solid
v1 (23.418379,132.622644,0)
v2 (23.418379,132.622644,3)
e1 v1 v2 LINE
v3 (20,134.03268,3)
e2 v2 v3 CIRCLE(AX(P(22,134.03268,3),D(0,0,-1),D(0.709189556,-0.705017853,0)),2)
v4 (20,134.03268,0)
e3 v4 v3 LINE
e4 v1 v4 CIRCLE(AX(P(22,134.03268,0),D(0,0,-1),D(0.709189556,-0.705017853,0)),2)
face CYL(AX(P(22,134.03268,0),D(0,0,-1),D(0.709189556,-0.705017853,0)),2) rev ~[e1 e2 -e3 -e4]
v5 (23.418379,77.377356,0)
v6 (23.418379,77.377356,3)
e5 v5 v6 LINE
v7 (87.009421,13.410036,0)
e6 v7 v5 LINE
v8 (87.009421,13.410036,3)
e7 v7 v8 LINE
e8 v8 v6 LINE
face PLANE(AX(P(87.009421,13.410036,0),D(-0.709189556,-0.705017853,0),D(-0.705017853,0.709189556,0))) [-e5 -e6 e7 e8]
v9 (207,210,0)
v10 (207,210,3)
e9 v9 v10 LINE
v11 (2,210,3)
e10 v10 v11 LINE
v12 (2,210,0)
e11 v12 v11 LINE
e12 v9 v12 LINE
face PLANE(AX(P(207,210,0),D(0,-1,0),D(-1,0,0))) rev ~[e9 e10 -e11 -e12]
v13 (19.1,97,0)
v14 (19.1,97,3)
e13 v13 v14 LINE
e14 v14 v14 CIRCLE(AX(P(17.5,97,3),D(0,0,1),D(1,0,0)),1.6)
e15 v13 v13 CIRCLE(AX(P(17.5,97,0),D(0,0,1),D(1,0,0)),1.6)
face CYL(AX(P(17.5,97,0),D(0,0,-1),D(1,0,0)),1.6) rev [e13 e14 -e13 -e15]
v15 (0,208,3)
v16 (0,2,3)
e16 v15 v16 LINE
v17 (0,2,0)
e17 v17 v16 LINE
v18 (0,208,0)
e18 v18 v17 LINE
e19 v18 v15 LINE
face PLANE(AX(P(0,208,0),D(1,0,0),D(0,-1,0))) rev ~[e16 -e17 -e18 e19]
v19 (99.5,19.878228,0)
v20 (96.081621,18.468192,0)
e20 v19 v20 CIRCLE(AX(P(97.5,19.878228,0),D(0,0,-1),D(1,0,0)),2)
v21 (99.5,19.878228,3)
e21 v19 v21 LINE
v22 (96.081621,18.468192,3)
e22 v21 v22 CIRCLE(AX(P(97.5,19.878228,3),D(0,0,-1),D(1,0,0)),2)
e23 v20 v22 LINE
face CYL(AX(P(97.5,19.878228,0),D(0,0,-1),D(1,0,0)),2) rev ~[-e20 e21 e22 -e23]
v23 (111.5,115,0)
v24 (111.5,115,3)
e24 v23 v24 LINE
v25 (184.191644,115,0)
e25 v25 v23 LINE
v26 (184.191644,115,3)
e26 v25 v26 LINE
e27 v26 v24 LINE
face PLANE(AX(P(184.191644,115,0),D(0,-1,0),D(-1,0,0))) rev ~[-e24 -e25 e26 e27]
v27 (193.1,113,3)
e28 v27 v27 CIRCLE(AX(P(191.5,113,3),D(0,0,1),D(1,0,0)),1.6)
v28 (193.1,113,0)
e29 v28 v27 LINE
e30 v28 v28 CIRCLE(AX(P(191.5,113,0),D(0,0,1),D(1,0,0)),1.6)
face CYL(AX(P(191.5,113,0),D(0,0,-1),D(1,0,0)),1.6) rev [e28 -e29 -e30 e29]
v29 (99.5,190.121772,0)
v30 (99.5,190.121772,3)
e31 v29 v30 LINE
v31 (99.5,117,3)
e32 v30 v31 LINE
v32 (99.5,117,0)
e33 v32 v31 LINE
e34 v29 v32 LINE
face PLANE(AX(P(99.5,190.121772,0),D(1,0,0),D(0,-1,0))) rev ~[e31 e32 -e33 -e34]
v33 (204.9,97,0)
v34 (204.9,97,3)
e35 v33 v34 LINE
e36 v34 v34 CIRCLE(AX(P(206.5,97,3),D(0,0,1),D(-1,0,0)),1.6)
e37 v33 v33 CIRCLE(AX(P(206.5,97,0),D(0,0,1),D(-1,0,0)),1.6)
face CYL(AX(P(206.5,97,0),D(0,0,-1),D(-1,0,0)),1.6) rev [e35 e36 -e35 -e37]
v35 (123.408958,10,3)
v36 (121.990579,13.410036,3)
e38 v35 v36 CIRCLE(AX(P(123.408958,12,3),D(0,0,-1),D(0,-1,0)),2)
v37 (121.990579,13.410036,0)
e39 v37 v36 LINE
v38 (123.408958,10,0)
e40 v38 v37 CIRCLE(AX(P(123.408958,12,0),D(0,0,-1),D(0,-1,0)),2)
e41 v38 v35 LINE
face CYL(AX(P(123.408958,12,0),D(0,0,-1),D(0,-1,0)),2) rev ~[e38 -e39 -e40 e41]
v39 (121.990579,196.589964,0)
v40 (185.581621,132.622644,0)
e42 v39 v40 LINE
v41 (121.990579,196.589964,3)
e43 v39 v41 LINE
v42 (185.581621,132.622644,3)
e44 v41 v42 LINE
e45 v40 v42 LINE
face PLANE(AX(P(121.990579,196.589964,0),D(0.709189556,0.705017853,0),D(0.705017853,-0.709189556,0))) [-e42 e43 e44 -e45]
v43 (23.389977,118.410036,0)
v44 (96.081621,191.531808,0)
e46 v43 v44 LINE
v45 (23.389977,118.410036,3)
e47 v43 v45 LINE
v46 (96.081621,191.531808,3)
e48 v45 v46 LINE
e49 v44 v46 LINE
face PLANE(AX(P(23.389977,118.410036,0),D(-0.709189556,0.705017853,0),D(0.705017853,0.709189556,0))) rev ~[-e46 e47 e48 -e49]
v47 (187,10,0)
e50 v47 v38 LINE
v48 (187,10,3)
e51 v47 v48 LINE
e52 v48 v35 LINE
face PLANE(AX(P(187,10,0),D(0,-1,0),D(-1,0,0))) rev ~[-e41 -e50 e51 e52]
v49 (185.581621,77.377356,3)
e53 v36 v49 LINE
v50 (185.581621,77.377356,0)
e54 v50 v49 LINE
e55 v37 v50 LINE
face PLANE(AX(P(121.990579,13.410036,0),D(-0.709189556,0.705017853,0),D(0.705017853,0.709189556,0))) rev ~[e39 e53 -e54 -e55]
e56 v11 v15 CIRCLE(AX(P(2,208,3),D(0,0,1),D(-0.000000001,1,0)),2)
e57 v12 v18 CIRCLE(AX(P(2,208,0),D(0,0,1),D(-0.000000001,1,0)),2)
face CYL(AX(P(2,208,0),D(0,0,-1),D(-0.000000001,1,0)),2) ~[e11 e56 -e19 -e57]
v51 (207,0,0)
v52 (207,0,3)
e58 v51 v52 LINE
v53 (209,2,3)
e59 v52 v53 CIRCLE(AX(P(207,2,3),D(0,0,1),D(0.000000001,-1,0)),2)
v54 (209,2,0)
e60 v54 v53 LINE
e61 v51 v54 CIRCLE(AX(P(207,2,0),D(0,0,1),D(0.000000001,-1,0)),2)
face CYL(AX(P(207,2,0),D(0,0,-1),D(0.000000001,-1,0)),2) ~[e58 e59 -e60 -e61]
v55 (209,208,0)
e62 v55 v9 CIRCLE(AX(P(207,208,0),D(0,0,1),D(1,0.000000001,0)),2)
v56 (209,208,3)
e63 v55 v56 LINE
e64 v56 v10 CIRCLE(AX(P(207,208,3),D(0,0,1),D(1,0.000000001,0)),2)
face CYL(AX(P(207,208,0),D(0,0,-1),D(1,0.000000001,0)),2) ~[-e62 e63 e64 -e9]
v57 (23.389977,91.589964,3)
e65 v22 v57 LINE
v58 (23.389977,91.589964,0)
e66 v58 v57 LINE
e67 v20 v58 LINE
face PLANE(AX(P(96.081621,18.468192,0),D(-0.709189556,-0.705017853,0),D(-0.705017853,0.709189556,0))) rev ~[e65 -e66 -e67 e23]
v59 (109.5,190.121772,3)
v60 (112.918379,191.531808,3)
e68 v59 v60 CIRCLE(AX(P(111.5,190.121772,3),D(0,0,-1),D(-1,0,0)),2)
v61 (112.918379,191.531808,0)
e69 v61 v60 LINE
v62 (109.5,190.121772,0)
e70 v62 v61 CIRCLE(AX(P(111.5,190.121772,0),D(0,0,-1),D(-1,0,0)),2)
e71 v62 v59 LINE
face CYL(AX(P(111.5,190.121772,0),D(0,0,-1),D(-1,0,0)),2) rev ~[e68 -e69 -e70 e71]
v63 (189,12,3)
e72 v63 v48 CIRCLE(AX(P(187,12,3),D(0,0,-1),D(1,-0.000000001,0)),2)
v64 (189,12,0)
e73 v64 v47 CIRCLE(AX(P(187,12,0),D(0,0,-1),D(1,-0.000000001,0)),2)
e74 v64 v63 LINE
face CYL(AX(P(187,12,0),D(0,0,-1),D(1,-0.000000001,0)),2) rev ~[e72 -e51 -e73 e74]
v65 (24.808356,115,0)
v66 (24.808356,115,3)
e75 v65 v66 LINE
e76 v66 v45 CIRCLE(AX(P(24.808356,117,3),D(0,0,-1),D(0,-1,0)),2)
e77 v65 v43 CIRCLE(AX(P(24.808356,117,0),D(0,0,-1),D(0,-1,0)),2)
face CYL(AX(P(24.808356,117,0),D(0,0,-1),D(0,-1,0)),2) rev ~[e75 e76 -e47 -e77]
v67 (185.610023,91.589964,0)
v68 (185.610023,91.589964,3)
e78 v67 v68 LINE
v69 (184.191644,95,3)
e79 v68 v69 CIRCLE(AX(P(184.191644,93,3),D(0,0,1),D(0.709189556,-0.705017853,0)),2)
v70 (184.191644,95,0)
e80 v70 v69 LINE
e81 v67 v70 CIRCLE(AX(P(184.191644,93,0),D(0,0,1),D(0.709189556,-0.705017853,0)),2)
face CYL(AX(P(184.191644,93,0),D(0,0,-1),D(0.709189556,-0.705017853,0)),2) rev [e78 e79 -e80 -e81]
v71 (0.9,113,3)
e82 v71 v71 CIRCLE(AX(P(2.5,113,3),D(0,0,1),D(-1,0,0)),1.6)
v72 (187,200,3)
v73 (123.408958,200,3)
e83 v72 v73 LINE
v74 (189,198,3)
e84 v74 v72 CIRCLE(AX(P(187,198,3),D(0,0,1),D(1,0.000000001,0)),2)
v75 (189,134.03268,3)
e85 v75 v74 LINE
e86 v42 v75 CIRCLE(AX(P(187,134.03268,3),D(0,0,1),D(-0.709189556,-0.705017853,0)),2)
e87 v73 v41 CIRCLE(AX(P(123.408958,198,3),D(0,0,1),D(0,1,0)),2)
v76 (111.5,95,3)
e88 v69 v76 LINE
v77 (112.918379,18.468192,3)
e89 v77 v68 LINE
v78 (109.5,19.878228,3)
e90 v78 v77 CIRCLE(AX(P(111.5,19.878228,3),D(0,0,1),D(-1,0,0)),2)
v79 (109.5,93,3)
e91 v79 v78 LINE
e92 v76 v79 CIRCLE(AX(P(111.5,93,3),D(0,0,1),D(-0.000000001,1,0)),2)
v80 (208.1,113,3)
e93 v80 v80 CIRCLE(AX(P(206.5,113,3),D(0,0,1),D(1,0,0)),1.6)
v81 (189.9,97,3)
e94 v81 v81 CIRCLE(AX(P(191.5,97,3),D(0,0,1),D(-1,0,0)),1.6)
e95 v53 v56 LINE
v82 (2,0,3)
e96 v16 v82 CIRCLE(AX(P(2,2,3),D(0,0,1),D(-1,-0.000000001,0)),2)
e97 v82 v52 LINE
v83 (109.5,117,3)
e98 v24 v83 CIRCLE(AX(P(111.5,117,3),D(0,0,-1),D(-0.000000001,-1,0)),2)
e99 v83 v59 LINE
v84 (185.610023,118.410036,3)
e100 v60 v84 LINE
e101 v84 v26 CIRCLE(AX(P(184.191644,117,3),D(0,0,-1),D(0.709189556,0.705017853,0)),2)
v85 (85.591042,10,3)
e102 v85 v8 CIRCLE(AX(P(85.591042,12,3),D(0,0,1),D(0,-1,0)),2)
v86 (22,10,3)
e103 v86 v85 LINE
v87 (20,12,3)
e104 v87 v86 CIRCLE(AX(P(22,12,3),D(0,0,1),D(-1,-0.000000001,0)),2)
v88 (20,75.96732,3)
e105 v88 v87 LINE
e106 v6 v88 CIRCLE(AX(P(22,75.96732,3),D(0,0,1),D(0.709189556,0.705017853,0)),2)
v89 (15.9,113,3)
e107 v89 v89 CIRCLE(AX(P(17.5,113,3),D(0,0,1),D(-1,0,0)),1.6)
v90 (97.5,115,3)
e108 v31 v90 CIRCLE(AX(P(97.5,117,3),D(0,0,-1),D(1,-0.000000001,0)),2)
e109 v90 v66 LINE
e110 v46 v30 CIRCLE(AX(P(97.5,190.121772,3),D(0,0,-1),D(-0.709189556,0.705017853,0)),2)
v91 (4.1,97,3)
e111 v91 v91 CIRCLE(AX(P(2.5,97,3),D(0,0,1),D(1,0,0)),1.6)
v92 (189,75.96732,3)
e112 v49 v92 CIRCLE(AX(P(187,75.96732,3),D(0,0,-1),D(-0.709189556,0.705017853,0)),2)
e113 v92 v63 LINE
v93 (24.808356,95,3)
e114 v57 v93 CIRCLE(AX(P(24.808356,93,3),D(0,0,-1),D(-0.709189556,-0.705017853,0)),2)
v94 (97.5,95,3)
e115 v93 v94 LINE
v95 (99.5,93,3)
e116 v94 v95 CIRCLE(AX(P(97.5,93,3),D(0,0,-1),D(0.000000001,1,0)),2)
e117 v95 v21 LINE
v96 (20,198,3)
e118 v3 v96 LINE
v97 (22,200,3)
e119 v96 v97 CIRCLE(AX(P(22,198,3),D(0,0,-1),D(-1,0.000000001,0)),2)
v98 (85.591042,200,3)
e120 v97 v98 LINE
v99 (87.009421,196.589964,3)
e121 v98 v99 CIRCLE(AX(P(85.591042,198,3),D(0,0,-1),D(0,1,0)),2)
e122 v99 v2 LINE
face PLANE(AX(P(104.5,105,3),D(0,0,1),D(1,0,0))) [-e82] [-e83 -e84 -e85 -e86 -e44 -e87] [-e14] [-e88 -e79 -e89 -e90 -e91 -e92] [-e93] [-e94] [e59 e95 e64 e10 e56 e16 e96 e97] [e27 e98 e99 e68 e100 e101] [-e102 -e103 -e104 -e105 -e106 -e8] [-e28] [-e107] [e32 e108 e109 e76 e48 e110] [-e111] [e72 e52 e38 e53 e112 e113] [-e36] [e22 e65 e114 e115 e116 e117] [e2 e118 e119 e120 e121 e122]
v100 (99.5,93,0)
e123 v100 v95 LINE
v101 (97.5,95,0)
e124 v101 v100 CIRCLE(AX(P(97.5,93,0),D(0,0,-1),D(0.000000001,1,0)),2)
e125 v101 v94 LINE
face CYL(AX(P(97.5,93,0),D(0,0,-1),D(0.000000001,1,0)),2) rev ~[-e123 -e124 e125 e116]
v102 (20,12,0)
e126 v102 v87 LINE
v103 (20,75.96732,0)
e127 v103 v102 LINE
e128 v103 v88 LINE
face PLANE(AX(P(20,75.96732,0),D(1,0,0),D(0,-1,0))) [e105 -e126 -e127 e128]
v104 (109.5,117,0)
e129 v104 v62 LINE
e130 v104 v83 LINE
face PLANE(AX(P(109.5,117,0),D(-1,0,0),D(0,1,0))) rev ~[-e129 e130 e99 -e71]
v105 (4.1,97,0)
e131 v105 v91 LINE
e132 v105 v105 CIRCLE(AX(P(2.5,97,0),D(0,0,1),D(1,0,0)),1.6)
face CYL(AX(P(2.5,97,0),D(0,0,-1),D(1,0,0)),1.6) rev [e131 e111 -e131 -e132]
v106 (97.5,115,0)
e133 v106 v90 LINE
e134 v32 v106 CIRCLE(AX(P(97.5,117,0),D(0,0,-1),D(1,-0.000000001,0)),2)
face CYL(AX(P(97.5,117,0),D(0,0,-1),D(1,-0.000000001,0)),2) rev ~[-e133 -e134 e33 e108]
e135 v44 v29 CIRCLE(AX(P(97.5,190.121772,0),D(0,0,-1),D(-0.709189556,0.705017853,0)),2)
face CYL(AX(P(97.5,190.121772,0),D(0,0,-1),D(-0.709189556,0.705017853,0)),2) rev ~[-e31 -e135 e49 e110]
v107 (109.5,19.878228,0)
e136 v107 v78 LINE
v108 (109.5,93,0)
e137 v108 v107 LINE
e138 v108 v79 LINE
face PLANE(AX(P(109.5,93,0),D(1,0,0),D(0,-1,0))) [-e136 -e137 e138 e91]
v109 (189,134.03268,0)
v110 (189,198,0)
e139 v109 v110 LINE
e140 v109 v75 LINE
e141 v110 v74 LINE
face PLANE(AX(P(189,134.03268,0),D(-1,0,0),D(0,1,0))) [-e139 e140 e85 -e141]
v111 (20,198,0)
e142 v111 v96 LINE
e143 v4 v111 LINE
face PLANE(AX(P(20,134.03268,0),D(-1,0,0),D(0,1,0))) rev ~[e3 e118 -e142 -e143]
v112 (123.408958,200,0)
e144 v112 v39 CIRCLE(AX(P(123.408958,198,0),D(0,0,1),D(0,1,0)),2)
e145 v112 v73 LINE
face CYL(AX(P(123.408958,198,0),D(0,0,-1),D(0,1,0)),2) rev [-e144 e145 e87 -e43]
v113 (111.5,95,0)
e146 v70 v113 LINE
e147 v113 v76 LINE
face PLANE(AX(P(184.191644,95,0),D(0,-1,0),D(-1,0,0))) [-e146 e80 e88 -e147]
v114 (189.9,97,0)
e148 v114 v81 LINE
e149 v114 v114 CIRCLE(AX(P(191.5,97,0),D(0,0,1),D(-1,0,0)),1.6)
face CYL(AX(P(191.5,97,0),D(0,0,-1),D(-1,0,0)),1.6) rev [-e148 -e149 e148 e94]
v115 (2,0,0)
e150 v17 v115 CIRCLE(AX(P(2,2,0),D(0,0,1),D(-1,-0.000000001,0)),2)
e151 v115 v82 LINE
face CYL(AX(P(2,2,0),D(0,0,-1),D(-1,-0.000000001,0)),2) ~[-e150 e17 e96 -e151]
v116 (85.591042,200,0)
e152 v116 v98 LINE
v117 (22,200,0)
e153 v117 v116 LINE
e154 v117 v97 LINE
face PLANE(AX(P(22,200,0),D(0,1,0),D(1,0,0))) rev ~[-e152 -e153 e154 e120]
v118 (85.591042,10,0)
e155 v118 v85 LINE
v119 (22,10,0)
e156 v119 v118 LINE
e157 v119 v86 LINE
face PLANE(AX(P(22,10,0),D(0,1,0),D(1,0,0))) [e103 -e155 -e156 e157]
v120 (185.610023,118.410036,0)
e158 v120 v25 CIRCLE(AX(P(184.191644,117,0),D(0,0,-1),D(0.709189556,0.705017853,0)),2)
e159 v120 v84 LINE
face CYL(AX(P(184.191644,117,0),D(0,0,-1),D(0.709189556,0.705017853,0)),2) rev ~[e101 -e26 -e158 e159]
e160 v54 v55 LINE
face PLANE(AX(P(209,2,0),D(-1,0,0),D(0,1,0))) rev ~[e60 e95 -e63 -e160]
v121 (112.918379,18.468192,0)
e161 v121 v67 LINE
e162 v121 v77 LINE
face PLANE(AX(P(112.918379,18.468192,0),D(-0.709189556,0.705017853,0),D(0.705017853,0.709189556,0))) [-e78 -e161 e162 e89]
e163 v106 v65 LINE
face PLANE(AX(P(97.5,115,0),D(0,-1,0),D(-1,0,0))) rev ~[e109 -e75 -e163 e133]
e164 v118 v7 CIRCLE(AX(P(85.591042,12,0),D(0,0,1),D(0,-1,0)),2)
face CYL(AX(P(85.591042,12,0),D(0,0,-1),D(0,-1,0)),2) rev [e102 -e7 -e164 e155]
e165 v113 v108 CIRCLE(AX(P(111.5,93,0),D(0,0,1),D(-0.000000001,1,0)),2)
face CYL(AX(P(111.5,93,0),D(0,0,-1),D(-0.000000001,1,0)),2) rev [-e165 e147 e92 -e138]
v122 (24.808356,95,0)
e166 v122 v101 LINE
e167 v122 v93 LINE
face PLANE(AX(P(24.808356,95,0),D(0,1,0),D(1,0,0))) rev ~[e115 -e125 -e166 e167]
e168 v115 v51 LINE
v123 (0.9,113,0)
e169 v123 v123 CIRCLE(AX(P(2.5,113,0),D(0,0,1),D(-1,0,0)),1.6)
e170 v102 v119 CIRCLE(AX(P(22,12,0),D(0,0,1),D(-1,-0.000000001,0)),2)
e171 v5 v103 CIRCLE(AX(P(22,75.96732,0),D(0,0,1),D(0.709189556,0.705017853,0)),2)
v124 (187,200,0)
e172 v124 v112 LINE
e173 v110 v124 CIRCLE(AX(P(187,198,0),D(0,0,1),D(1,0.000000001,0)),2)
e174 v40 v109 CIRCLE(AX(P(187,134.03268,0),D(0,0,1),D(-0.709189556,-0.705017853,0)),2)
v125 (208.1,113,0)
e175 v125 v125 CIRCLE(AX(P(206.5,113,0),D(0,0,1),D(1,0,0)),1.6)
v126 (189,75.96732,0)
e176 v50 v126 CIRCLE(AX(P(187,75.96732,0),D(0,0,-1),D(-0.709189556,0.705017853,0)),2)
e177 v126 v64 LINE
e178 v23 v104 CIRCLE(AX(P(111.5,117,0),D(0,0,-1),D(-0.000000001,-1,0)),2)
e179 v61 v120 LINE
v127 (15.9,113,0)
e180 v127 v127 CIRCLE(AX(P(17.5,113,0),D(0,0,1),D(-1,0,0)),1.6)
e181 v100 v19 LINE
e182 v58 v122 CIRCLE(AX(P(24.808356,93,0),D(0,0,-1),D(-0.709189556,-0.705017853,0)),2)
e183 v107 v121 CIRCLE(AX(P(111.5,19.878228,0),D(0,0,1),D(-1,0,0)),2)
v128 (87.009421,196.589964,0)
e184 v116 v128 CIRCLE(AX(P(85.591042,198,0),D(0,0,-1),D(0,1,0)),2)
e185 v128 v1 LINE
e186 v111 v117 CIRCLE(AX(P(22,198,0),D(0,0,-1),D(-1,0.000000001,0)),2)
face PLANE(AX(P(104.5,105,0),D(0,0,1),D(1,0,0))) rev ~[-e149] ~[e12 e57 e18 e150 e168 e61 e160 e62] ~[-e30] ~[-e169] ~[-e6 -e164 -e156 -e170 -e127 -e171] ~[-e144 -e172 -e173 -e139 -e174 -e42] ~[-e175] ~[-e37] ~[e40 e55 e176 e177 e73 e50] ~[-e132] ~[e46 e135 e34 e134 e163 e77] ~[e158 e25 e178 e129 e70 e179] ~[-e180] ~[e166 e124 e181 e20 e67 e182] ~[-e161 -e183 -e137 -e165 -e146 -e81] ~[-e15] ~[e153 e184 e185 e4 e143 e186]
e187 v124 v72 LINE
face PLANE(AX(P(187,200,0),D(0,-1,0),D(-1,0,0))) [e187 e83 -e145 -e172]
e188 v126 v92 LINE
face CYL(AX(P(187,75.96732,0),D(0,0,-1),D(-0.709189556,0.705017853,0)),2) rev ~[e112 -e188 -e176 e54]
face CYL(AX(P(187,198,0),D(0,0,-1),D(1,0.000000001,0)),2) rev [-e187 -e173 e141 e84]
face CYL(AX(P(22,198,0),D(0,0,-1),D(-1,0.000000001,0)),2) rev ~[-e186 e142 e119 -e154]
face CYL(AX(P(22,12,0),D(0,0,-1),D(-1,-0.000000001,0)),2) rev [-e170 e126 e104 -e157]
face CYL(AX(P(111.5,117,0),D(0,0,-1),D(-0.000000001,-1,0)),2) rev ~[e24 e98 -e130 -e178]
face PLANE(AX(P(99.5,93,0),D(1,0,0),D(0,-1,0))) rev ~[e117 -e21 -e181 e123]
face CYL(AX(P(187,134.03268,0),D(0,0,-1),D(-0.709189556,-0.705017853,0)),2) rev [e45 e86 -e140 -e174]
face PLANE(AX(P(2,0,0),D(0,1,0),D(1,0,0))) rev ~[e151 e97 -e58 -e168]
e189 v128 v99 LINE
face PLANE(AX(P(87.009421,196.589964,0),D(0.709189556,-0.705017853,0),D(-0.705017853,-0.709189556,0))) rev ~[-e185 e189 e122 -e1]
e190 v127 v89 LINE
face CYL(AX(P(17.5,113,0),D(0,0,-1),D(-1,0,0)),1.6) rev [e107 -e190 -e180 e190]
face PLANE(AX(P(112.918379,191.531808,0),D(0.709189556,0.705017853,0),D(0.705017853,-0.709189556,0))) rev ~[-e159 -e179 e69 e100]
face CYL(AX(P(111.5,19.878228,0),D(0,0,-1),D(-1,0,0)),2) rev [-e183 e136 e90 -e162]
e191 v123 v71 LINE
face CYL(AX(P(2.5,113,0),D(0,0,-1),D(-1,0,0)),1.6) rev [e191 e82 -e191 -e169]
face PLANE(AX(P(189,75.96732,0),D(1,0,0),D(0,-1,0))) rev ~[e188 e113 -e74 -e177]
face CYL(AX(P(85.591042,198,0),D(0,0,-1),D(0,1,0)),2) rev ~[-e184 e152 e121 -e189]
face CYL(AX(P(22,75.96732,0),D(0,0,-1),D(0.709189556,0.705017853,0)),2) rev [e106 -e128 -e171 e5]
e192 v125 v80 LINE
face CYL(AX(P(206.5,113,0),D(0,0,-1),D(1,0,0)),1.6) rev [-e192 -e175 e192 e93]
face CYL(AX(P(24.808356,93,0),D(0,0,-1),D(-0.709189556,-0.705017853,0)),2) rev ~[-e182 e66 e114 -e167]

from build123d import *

# Parameters (mm, degrees)
SKETCH_1_R      = 1.6
EXTRUDE_1_DEPTH = 3


with BuildPart() as part:
    # 草图1 → 凸台-拉伸1 (new body)
    with BuildSketch(Plane.XY):
        with BuildLine():
            Line((2, 0), (207, 0))
            ThreePointArc((207, 0), (208.414213562, 0.585786438), (209, 2))
            Line((209, 2), (209, 208))
            ThreePointArc((209, 208), (208.414213562, 209.414213562), (207, 210))
            Line((207, 210), (2, 210))
            ThreePointArc((2, 210), (0.585786438, 209.414213562), (0, 208))
            Line((0, 208), (0, 2))
            ThreePointArc((0, 2), (0.585786438, 0.585786438), (2, 0))
        make_face()
        with Locations((2.5, 97)):
            Circle(SKETCH_1_R, mode=Mode.SUBTRACT)
        with Locations((17.5, 97)):
            Circle(SKETCH_1_R, mode=Mode.SUBTRACT)
        with Locations(Location((17.5, 113, 0), (0, 0, 180))):
            Circle(SKETCH_1_R, mode=Mode.SUBTRACT)
        with Locations(Location((2.5, 113, 0), (0, 0, 180))):
            Circle(SKETCH_1_R, mode=Mode.SUBTRACT)
        with Locations(Location((206.5, 97, 0), (0, 0, 180))):
            Circle(SKETCH_1_R, mode=Mode.SUBTRACT)
        with Locations(Location((191.5, 97, 0), (0, 0, 180))):
            Circle(SKETCH_1_R, mode=Mode.SUBTRACT)
        with Locations((191.5, 113)):
            Circle(SKETCH_1_R, mode=Mode.SUBTRACT)
        with Locations((206.5, 113)):
            Circle(SKETCH_1_R, mode=Mode.SUBTRACT)
        with BuildLine():
            Line((24.808355785, 95), (97.5, 95))
            ThreePointArc((97.5, 95), (98.914213562, 94.414213562), (99.5, 93))
            Line((99.5, 93), (99.5, 19.878227713))
            ThreePointArc((99.5, 19.878227713), (98.262640733, 18.029341802), (96.081620887, 18.468192007))
            Line((96.081620887, 18.468192007), (23.389976673, 91.589964294))
            ThreePointArc((23.389976673, 91.589964294), (22.961727586, 93.768091332), (24.808355785, 95))
        make_face(mode=Mode.SUBTRACT)
        with BuildLine():
            Line((112.918379113, 18.468192007), (185.610023327, 91.589964294))
            ThreePointArc((185.610023327, 91.589964294), (186.038272414, 93.768091332), (184.191644215, 95))
            Line((184.191644215, 95), (111.5, 95))
            ThreePointArc((111.5, 95), (110.085786438, 94.414213562), (109.5, 93))
            Line((109.5, 93), (109.5, 19.878227713))
            ThreePointArc((109.5, 19.878227713), (110.737359267, 18.029341802), (112.918379113, 18.468192007))
        make_face(mode=Mode.SUBTRACT)
        with BuildLine():
            Line((20, 75.967320112), (20, 12))
            ThreePointArc((20, 12), (20.585786438, 10.585786438), (22, 10))
            Line((22, 10), (85.591041759, 10))
            ThreePointArc((85.591041759, 10), (87.437669958, 11.231908668), (87.009420872, 13.410035706))
            Line((87.009420872, 13.410035706), (23.418379113, 77.377355819))
            ThreePointArc((23.418379113, 77.377355819), (21.237359267, 77.816206024), (20, 75.967320112))
        make_face(mode=Mode.SUBTRACT)
        with BuildLine():
            Line((121.990579128, 13.410035706), (185.581620887, 77.377355819))
            ThreePointArc((185.581620887, 77.377355819), (187.762640733, 77.816206024), (189, 75.967320112))
            Line((189, 75.967320112), (189, 12))
            ThreePointArc((189, 12), (188.414213562, 10.585786438), (187, 10))
            Line((187, 10), (123.408958241, 10))
            ThreePointArc((123.408958241, 10), (121.562330042, 11.231908668), (121.990579128, 13.410035706))
        make_face(mode=Mode.SUBTRACT)
        with BuildLine():
            Line((187, 200), (123.408958241, 200))
            ThreePointArc((123.408958241, 200), (121.562330042, 198.768091332), (121.990579128, 196.589964294))
            Line((121.990579128, 196.589964294), (185.581620887, 132.622644181))
            ThreePointArc((185.581620887, 132.622644181), (187.762640733, 132.183793976), (189, 134.032679888))
            Line((189, 134.032679888), (189, 198))
            ThreePointArc((189, 198), (188.414213562, 199.414213562), (187, 200))
        make_face(mode=Mode.SUBTRACT)
        with BuildLine():
            Line((87.009420872, 196.589964294), (23.418379113, 132.622644181))
            ThreePointArc((23.418379113, 132.622644181), (21.237359267, 132.183793976), (20, 134.032679888))
            Line((20, 134.032679888), (20, 198))
            ThreePointArc((20, 198), (20.585786438, 199.414213562), (22, 200))
            Line((22, 200), (85.591041759, 200))
            ThreePointArc((85.591041759, 200), (87.437669958, 198.768091332), (87.009420872, 196.589964294))
        make_face(mode=Mode.SUBTRACT)
        with BuildLine():
            Line((184.191644215, 115), (111.5, 115))
            ThreePointArc((111.5, 115), (110.085786438, 115.585786438), (109.5, 117))
            Line((109.5, 117), (109.5, 190.121772287))
            ThreePointArc((109.5, 190.121772287), (110.737359267, 191.970658198), (112.918379113, 191.531807993))
            Line((112.918379113, 191.531807993), (185.610023327, 118.410035706))
            ThreePointArc((185.610023327, 118.410035706), (186.038272414, 116.231908668), (184.191644215, 115))
        make_face(mode=Mode.SUBTRACT)
        with BuildLine():
            Line((23.389976673, 118.410035706), (96.081620887, 191.531807993))
            ThreePointArc((96.081620887, 191.531807993), (98.262640733, 191.970658198), (99.5, 190.121772287))
            Line((99.5, 190.121772287), (99.5, 117))
            ThreePointArc((99.5, 117), (98.914213562, 115.585786438), (97.5, 115))
            Line((97.5, 115), (24.808355785, 115))
            ThreePointArc((24.808355785, 115), (22.961727586, 116.231908668), (23.389976673, 118.410035706))
        make_face(mode=Mode.SUBTRACT)
    extrude(amount=EXTRUDE_1_DEPTH)


solid = part.part
